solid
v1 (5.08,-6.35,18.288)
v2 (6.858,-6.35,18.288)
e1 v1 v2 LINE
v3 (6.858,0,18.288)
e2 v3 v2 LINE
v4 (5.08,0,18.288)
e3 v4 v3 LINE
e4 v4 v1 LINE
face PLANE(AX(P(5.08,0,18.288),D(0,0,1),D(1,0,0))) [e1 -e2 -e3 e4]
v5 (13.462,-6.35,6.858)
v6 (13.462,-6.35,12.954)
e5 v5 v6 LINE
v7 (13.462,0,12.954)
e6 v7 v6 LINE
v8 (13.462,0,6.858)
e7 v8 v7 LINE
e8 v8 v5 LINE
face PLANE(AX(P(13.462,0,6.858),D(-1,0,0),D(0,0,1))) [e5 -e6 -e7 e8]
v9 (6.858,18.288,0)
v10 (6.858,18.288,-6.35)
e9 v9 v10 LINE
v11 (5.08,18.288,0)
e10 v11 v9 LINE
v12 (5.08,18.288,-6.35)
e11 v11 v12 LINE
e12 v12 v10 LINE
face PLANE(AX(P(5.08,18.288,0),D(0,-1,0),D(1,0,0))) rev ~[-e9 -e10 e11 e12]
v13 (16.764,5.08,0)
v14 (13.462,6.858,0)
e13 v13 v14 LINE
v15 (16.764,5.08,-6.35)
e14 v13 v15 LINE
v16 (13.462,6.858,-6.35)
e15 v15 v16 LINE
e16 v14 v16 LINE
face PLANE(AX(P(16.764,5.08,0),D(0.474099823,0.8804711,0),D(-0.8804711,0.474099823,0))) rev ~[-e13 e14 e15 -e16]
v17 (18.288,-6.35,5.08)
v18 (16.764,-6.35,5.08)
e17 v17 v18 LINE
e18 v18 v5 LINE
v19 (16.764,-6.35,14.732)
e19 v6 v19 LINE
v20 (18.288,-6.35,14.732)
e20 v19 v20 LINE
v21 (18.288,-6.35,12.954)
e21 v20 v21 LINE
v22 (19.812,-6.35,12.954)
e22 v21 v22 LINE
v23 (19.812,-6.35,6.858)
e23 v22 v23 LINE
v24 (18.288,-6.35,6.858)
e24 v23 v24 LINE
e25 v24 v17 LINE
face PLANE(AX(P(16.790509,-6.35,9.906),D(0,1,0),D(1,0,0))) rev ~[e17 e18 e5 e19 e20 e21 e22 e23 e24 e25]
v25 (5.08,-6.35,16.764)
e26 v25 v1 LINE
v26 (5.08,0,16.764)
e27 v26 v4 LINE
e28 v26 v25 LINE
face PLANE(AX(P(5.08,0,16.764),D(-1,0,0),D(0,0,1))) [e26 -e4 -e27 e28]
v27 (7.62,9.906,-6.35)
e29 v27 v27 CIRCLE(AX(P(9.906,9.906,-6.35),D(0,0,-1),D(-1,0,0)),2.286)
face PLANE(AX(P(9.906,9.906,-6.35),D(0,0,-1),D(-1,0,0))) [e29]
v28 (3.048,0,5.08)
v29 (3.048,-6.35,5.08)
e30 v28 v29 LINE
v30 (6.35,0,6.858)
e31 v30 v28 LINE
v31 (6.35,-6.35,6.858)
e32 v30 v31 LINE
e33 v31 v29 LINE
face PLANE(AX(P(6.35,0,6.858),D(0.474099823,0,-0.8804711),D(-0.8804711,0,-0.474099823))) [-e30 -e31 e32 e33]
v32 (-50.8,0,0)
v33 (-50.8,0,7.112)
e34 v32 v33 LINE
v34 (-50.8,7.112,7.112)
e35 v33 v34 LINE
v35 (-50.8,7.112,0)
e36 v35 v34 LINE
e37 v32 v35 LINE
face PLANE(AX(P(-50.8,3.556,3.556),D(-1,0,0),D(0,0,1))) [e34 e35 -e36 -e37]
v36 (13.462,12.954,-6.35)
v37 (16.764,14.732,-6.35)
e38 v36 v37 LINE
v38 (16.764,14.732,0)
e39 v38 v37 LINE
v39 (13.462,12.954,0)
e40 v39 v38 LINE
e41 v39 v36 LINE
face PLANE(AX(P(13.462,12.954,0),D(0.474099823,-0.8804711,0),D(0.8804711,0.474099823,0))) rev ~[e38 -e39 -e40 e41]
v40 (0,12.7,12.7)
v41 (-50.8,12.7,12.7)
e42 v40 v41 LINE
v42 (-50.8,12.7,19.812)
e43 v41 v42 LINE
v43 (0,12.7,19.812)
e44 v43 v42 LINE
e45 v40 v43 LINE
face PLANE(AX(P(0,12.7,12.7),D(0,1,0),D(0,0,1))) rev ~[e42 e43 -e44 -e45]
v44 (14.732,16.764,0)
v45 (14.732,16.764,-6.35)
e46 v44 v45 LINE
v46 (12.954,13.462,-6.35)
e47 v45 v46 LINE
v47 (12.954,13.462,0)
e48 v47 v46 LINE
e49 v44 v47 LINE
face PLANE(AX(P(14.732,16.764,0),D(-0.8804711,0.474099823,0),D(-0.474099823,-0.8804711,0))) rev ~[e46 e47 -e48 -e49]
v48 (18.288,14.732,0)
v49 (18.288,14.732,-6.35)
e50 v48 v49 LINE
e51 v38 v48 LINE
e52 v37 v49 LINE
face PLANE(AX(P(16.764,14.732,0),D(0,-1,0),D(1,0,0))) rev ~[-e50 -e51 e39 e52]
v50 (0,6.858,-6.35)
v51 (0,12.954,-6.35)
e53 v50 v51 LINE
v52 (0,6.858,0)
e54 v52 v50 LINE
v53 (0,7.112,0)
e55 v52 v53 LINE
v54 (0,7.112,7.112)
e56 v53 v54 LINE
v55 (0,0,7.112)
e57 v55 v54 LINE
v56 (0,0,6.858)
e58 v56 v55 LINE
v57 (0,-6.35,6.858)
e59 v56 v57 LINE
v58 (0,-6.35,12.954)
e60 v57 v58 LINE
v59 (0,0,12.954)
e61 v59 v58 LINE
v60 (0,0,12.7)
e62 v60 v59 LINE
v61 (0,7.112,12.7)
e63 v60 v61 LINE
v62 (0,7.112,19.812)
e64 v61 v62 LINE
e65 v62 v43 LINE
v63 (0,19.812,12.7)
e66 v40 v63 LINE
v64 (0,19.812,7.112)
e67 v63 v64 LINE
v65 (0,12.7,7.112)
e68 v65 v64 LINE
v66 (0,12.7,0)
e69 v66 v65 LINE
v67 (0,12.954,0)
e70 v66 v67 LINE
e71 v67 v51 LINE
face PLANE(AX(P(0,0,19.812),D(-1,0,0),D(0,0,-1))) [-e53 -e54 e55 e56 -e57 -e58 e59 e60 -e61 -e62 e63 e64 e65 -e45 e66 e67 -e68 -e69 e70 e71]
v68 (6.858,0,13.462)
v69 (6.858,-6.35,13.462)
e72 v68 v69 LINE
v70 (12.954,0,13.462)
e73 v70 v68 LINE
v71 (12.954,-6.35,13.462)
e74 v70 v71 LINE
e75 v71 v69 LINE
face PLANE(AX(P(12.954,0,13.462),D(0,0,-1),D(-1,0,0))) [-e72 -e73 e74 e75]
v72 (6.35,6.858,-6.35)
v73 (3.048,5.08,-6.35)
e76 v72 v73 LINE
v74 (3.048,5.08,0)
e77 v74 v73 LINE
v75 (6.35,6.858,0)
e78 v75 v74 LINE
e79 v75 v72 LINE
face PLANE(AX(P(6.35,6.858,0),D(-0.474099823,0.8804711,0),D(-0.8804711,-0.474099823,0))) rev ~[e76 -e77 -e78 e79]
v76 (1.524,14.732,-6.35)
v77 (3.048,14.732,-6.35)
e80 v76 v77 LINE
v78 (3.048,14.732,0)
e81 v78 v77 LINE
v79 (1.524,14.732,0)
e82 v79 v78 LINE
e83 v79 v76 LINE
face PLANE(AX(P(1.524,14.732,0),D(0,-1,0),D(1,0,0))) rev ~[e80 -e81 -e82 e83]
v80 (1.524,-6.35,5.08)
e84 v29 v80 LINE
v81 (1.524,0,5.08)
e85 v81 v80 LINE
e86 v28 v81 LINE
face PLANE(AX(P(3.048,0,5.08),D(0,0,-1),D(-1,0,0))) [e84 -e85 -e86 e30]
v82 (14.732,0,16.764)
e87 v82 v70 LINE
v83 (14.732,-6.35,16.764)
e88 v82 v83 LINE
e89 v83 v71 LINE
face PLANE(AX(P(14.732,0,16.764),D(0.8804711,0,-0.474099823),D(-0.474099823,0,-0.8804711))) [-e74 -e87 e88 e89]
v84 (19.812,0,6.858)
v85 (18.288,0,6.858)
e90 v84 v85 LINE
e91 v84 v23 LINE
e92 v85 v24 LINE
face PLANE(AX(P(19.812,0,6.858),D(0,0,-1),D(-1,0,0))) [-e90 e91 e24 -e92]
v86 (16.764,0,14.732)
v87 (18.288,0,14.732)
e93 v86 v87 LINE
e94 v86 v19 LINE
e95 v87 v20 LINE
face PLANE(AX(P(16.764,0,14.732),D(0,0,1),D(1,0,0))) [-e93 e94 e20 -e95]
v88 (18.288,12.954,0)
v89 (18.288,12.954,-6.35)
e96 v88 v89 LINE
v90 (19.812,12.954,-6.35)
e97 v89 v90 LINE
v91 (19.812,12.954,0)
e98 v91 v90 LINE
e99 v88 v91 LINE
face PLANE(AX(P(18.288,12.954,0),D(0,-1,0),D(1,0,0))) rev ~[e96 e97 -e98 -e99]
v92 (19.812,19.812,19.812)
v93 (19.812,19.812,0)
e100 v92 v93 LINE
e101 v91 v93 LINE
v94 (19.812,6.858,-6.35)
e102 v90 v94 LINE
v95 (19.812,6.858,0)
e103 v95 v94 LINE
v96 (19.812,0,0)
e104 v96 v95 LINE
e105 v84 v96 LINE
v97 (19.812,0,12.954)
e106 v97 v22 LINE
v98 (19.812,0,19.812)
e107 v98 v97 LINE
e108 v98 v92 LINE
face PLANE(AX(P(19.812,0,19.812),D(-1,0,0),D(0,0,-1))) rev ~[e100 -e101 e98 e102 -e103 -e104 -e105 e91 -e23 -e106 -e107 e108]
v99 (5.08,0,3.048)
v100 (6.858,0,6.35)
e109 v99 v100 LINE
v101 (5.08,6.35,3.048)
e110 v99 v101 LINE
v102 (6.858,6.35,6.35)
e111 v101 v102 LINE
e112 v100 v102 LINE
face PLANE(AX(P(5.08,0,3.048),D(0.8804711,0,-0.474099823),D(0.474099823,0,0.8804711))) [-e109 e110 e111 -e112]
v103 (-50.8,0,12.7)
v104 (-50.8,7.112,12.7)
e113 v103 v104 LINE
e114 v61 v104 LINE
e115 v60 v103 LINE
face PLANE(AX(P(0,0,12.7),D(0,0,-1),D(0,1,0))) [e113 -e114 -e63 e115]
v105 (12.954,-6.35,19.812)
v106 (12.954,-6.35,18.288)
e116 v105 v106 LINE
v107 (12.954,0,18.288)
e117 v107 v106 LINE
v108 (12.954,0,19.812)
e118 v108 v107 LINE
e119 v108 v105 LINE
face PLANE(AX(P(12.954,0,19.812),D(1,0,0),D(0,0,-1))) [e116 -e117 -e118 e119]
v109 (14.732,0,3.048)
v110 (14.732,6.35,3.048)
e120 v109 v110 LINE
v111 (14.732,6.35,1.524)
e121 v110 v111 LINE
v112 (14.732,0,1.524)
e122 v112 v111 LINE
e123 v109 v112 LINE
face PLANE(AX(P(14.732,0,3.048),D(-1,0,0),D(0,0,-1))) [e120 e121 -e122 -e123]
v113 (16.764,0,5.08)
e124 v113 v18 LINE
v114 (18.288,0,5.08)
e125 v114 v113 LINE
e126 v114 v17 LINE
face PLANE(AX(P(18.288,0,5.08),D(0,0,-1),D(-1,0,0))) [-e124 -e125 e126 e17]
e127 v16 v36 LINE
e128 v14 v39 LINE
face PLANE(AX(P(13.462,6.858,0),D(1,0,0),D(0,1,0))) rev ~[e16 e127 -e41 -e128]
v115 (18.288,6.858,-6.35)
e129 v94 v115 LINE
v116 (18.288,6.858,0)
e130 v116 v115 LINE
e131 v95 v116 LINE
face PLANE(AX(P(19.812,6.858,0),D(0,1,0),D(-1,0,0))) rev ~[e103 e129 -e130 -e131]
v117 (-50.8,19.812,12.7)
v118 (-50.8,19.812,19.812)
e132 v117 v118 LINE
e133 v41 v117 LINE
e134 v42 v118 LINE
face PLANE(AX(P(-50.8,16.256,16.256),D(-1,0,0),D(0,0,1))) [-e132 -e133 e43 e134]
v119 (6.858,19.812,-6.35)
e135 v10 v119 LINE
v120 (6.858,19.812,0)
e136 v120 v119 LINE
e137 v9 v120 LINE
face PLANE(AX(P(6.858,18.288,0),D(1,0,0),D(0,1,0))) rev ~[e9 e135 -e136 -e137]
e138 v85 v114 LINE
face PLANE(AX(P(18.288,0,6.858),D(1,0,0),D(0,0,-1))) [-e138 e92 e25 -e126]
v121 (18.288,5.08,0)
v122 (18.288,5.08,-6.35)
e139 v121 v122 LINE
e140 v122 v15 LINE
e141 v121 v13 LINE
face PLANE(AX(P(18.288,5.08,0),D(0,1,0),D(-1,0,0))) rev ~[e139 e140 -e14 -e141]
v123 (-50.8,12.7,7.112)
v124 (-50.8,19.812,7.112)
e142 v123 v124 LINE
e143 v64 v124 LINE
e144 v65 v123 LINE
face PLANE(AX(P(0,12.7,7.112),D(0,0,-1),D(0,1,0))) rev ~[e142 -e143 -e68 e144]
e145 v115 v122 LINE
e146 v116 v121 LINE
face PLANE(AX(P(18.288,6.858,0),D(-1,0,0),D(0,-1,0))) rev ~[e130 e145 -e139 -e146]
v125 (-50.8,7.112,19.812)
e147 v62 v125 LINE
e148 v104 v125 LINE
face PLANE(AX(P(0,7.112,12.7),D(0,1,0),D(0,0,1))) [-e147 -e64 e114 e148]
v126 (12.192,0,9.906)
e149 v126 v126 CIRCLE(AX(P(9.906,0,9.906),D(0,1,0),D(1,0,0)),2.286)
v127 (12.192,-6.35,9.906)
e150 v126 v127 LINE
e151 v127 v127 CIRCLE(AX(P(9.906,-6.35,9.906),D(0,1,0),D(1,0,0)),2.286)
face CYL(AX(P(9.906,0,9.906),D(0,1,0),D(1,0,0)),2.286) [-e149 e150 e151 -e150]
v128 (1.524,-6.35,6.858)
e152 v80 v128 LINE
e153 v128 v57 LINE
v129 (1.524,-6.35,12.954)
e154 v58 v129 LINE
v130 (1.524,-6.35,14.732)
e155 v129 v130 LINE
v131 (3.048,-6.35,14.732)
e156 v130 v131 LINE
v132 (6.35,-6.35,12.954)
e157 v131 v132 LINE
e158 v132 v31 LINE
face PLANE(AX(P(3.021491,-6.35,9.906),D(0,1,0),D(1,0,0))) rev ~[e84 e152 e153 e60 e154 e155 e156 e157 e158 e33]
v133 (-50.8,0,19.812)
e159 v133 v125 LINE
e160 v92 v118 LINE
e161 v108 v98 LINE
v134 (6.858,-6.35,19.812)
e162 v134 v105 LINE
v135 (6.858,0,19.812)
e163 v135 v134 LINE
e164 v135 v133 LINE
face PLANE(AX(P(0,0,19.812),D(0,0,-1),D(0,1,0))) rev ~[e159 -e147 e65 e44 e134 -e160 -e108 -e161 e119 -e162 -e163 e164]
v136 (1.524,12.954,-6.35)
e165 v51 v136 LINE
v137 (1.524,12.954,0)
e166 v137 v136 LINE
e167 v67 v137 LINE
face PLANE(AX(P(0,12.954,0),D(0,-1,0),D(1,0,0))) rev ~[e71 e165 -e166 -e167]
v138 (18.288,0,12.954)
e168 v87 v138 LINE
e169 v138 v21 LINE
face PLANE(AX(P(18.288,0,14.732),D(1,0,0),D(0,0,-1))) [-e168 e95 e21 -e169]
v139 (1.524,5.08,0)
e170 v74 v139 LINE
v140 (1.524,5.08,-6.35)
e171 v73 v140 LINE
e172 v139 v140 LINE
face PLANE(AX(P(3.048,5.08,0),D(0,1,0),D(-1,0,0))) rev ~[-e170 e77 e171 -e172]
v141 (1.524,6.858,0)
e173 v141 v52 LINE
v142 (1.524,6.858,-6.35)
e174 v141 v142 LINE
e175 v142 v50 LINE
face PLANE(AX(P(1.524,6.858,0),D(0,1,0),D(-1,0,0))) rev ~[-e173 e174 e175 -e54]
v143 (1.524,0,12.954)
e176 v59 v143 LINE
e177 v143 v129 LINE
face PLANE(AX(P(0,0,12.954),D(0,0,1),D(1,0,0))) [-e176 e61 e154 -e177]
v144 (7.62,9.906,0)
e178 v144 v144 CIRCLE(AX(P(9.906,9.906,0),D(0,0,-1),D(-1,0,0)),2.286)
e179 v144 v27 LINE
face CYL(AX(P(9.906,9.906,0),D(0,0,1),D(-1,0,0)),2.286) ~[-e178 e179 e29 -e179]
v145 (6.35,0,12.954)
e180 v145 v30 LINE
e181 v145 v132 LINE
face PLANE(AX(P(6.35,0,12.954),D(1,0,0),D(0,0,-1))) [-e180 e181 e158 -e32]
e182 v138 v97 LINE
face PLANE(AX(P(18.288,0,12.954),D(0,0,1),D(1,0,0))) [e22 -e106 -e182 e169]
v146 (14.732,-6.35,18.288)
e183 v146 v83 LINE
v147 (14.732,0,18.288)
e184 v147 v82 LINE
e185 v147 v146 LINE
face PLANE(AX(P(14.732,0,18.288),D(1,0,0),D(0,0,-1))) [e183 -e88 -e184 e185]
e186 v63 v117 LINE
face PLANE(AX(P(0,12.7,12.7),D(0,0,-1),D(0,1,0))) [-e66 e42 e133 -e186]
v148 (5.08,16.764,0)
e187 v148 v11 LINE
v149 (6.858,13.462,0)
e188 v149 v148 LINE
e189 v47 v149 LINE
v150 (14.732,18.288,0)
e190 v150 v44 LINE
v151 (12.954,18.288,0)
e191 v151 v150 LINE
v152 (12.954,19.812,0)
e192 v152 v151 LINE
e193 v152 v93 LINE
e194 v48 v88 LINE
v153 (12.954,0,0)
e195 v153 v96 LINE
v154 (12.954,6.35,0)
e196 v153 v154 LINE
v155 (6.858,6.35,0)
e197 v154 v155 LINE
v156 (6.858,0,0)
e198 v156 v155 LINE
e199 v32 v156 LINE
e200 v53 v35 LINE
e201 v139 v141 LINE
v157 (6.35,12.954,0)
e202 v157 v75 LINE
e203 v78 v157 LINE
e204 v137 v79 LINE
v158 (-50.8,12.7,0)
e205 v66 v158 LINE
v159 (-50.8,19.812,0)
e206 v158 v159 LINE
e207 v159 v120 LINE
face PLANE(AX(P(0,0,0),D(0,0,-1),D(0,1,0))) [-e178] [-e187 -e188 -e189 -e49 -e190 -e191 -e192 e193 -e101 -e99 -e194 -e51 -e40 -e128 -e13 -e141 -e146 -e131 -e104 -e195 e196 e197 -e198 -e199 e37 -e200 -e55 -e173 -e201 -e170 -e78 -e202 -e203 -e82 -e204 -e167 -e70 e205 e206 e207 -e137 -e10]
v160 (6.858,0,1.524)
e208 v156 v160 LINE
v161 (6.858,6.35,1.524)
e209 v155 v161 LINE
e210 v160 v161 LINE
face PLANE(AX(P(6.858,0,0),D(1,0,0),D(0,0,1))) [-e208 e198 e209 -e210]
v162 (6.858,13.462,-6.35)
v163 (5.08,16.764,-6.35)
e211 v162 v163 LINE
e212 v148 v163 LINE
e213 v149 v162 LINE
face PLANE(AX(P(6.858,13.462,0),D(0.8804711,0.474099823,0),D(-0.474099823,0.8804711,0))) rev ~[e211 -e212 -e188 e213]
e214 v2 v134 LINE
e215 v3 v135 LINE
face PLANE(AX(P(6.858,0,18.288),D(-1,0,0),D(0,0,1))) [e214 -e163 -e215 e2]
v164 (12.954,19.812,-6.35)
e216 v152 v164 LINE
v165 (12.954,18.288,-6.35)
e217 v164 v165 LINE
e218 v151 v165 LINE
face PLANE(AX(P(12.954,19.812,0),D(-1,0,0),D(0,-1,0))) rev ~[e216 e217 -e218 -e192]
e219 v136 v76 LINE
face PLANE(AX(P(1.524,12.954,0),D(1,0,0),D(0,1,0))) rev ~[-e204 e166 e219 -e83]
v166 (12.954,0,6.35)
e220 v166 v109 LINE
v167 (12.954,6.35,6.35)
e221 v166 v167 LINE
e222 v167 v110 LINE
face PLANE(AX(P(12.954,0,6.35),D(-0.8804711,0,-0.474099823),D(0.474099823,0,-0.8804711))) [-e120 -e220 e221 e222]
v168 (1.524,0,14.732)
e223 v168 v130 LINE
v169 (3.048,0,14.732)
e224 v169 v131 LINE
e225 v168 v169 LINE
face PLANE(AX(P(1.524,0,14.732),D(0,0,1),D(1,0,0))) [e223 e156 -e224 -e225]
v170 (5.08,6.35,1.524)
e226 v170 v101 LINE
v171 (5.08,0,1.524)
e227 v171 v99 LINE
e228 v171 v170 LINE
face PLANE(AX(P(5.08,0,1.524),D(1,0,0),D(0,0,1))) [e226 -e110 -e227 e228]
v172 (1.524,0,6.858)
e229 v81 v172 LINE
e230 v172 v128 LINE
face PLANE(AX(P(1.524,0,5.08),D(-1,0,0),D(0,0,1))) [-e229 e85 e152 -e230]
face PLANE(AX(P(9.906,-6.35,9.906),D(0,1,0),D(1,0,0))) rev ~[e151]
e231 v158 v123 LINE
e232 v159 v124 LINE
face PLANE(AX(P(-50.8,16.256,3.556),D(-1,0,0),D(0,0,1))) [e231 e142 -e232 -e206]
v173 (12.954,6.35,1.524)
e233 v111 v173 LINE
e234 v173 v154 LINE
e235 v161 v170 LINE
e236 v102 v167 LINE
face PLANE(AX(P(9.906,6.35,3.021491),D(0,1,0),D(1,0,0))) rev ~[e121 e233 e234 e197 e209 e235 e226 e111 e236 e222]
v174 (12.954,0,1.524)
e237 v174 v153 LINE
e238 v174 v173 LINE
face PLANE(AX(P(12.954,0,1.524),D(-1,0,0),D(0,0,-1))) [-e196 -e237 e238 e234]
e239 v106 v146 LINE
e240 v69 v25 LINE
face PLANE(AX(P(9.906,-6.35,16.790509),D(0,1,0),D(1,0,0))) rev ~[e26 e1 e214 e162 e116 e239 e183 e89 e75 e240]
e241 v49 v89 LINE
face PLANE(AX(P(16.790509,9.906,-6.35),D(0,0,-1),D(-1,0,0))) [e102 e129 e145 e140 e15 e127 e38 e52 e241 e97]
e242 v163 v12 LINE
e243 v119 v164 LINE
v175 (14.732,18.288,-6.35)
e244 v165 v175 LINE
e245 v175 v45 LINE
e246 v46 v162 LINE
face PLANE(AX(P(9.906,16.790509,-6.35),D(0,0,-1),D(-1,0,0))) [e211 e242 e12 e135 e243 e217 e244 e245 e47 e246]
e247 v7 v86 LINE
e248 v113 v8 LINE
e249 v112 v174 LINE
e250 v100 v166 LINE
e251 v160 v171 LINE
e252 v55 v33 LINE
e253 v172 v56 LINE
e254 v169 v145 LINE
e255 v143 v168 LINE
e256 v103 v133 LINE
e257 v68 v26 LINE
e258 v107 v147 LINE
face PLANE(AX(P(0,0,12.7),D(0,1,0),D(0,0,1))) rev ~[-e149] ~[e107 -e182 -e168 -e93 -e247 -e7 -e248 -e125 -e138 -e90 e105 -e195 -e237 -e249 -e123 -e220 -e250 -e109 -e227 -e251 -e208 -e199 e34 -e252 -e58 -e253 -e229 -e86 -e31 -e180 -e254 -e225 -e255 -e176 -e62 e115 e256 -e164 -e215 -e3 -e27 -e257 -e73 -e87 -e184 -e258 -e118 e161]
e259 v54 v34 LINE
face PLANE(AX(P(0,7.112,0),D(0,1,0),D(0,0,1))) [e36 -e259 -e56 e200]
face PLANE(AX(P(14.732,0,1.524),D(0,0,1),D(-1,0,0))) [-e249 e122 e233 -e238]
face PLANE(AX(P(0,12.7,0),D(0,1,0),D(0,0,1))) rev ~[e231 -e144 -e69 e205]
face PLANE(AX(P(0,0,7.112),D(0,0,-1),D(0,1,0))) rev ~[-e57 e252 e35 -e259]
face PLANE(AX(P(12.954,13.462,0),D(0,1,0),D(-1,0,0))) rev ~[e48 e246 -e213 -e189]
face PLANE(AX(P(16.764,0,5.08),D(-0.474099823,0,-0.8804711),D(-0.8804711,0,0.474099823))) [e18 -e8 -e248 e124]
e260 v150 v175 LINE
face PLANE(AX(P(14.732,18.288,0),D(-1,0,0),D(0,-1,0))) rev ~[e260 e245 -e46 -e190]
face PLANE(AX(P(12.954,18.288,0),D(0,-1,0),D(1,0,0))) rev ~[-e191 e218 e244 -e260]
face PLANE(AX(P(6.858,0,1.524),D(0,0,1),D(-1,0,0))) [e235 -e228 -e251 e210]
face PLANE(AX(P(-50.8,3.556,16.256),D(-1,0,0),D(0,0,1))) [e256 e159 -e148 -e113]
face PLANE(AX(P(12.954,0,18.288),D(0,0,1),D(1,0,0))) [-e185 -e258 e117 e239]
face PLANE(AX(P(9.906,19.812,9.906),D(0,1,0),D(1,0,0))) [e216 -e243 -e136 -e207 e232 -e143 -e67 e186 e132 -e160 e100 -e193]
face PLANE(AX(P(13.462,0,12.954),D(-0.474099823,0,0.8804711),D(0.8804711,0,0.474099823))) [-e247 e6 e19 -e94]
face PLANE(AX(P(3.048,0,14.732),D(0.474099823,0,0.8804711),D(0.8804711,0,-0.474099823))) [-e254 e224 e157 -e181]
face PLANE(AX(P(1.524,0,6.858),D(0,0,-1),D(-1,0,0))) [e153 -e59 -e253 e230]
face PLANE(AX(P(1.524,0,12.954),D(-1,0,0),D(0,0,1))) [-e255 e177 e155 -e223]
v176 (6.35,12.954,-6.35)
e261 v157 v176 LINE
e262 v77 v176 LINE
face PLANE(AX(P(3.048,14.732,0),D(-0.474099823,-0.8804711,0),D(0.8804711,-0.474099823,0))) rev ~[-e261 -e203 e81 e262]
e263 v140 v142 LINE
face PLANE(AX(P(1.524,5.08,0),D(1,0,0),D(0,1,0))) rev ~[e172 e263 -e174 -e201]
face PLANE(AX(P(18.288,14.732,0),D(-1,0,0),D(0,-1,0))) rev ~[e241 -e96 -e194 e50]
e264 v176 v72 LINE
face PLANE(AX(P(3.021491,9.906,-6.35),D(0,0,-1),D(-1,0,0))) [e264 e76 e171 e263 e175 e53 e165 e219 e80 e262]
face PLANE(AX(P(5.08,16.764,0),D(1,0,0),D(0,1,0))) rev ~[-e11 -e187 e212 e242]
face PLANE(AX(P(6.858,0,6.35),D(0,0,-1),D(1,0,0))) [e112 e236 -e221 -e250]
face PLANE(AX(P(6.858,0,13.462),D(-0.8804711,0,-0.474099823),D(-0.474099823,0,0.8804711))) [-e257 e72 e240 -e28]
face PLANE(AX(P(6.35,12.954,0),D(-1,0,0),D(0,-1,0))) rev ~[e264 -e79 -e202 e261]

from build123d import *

# Parameters (mm, degrees)
SKETCH1_W           = 19.812
SKETCH1_H           = 19.812
BOSS_EXTRUDE1_DEPTH = 19.812
SKETCH1_3_R         = 2.286
BOSS_EXTRUDE2_DEPTH = 6.35
CUT_EXTRUDE1_DEPTH  = 6.35
SKETCH3_R           = 2.286
BOSS_EXTRUDE3_DEPTH = 6.35
SKETCH4_W           = 7.112
SKETCH4_H           = 7.112
BOSS_EXTRUDE4_DEPTH = 50.8


with BuildPart() as part:
    # Sketch1 → Boss-Extrude1 (new body)
    with BuildSketch(Plane(origin=(0, 0, 0), x_dir=(1, 0, 0), z_dir=(0, 1, 0))):
        with Locations((9.906, -9.906)):
            Rectangle(SKETCH1_W, SKETCH1_H)
    extrude(amount=BOSS_EXTRUDE1_DEPTH)

    # Sketch1<3> → Boss-Extrude2 (add)
    with BuildSketch(Plane(origin=(0, 0, 0), x_dir=(1, 0, 0), z_dir=(0, 1, 0))):
        with Locations((9.906, -9.906)):
            Circle(SKETCH1_3_R)
        Polygon((1.524, -6.858), (0, -6.858), (0, -12.954), (1.524, -12.954), (1.524, -14.732), (3.048, -14.732), (6.35, -12.954), (6.35, -6.858), (3.048, -5.08), (1.524, -5.08), align=None)
        Polygon((19.812, -12.954), (19.812, -6.858), (18.288, -6.858), (18.288, -5.08), (16.764, -5.08), (13.462, -6.858), (13.462, -12.954), (16.764, -14.732), (18.288, -14.732), (18.288, -12.954), align=None)
        Polygon((6.858, -18.288), (6.858, -19.812), (12.954, -19.812), (12.954, -18.288), (14.732, -18.288), (14.732, -16.764), (12.954, -13.462), (6.858, -13.462), (5.08, -16.764), (5.08, -18.288), align=None)
    extrude(amount=-BOSS_EXTRUDE2_DEPTH)

    # Sketch1<5> → Cut-Extrude1 (cut)
    with BuildSketch(Plane(origin=(0, 0, 0), x_dir=(1, 0, 0), z_dir=(0, 1, 0))):
        Polygon((12.954, 0), (6.858, 0), (6.858, -1.524), (5.08, -1.524), (5.08, -3.048), (6.858, -6.35), (9.906, -6.35), (12.954, -6.35), (14.732, -3.048), (14.732, -1.524), (12.954, -1.524), align=None)
    extrude(amount=CUT_EXTRUDE1_DEPTH, mode=Mode.SUBTRACT)

    # Sketch3 → Boss-Extrude3 (add)
    with BuildSketch(Plane(origin=(0, 0, 0), x_dir=(-1, 0, 0), z_dir=(0, 0, -1))):
        Polygon((-19.812, 12.954), (-19.812, 6.858), (-18.288, 6.858), (-18.288, 5.08), (-16.764, 5.08), (-13.462, 6.858), (-13.462, 12.954), (-16.764, 14.732), (-18.288, 14.732), (-18.288, 12.954), align=None)
        with Locations((-9.906, 9.906)):
            Circle(SKETCH3_R)
        Polygon((-6.858, 19.812), (-12.954, 19.812), (-12.954, 18.288), (-14.732, 18.288), (-14.732, 16.764), (-12.954, 13.462), (-6.858, 13.462), (-5.08, 16.764), (-5.08, 18.288), (-6.858, 18.288), align=None)
        Polygon((-6.35, 12.954), (-6.35, 6.858), (-3.048, 5.08), (-1.524, 5.08), (-1.524, 6.858), (0, 6.858), (0, 12.954), (-1.524, 12.954), (-1.524, 14.732), (-3.048, 14.732), align=None)
    extrude(amount=BOSS_EXTRUDE3_DEPTH)

    # Sketch4 → Boss-Extrude4 (add)
    with BuildSketch(Plane.ZY):
        with Locations((16.256, 3.556)):
            Rectangle(SKETCH4_W, SKETCH4_H)
        with Locations((3.556, 16.256)):
            Rectangle(SKETCH4_W, SKETCH4_H)
        with Locations((16.256, 16.256)):
            Rectangle(SKETCH4_W, SKETCH4_H)
        with Locations((3.556, 3.556)):
            Rectangle(SKETCH4_W, SKETCH4_H)
    extrude(amount=BOSS_EXTRUDE4_DEPTH)


solid = part.part
